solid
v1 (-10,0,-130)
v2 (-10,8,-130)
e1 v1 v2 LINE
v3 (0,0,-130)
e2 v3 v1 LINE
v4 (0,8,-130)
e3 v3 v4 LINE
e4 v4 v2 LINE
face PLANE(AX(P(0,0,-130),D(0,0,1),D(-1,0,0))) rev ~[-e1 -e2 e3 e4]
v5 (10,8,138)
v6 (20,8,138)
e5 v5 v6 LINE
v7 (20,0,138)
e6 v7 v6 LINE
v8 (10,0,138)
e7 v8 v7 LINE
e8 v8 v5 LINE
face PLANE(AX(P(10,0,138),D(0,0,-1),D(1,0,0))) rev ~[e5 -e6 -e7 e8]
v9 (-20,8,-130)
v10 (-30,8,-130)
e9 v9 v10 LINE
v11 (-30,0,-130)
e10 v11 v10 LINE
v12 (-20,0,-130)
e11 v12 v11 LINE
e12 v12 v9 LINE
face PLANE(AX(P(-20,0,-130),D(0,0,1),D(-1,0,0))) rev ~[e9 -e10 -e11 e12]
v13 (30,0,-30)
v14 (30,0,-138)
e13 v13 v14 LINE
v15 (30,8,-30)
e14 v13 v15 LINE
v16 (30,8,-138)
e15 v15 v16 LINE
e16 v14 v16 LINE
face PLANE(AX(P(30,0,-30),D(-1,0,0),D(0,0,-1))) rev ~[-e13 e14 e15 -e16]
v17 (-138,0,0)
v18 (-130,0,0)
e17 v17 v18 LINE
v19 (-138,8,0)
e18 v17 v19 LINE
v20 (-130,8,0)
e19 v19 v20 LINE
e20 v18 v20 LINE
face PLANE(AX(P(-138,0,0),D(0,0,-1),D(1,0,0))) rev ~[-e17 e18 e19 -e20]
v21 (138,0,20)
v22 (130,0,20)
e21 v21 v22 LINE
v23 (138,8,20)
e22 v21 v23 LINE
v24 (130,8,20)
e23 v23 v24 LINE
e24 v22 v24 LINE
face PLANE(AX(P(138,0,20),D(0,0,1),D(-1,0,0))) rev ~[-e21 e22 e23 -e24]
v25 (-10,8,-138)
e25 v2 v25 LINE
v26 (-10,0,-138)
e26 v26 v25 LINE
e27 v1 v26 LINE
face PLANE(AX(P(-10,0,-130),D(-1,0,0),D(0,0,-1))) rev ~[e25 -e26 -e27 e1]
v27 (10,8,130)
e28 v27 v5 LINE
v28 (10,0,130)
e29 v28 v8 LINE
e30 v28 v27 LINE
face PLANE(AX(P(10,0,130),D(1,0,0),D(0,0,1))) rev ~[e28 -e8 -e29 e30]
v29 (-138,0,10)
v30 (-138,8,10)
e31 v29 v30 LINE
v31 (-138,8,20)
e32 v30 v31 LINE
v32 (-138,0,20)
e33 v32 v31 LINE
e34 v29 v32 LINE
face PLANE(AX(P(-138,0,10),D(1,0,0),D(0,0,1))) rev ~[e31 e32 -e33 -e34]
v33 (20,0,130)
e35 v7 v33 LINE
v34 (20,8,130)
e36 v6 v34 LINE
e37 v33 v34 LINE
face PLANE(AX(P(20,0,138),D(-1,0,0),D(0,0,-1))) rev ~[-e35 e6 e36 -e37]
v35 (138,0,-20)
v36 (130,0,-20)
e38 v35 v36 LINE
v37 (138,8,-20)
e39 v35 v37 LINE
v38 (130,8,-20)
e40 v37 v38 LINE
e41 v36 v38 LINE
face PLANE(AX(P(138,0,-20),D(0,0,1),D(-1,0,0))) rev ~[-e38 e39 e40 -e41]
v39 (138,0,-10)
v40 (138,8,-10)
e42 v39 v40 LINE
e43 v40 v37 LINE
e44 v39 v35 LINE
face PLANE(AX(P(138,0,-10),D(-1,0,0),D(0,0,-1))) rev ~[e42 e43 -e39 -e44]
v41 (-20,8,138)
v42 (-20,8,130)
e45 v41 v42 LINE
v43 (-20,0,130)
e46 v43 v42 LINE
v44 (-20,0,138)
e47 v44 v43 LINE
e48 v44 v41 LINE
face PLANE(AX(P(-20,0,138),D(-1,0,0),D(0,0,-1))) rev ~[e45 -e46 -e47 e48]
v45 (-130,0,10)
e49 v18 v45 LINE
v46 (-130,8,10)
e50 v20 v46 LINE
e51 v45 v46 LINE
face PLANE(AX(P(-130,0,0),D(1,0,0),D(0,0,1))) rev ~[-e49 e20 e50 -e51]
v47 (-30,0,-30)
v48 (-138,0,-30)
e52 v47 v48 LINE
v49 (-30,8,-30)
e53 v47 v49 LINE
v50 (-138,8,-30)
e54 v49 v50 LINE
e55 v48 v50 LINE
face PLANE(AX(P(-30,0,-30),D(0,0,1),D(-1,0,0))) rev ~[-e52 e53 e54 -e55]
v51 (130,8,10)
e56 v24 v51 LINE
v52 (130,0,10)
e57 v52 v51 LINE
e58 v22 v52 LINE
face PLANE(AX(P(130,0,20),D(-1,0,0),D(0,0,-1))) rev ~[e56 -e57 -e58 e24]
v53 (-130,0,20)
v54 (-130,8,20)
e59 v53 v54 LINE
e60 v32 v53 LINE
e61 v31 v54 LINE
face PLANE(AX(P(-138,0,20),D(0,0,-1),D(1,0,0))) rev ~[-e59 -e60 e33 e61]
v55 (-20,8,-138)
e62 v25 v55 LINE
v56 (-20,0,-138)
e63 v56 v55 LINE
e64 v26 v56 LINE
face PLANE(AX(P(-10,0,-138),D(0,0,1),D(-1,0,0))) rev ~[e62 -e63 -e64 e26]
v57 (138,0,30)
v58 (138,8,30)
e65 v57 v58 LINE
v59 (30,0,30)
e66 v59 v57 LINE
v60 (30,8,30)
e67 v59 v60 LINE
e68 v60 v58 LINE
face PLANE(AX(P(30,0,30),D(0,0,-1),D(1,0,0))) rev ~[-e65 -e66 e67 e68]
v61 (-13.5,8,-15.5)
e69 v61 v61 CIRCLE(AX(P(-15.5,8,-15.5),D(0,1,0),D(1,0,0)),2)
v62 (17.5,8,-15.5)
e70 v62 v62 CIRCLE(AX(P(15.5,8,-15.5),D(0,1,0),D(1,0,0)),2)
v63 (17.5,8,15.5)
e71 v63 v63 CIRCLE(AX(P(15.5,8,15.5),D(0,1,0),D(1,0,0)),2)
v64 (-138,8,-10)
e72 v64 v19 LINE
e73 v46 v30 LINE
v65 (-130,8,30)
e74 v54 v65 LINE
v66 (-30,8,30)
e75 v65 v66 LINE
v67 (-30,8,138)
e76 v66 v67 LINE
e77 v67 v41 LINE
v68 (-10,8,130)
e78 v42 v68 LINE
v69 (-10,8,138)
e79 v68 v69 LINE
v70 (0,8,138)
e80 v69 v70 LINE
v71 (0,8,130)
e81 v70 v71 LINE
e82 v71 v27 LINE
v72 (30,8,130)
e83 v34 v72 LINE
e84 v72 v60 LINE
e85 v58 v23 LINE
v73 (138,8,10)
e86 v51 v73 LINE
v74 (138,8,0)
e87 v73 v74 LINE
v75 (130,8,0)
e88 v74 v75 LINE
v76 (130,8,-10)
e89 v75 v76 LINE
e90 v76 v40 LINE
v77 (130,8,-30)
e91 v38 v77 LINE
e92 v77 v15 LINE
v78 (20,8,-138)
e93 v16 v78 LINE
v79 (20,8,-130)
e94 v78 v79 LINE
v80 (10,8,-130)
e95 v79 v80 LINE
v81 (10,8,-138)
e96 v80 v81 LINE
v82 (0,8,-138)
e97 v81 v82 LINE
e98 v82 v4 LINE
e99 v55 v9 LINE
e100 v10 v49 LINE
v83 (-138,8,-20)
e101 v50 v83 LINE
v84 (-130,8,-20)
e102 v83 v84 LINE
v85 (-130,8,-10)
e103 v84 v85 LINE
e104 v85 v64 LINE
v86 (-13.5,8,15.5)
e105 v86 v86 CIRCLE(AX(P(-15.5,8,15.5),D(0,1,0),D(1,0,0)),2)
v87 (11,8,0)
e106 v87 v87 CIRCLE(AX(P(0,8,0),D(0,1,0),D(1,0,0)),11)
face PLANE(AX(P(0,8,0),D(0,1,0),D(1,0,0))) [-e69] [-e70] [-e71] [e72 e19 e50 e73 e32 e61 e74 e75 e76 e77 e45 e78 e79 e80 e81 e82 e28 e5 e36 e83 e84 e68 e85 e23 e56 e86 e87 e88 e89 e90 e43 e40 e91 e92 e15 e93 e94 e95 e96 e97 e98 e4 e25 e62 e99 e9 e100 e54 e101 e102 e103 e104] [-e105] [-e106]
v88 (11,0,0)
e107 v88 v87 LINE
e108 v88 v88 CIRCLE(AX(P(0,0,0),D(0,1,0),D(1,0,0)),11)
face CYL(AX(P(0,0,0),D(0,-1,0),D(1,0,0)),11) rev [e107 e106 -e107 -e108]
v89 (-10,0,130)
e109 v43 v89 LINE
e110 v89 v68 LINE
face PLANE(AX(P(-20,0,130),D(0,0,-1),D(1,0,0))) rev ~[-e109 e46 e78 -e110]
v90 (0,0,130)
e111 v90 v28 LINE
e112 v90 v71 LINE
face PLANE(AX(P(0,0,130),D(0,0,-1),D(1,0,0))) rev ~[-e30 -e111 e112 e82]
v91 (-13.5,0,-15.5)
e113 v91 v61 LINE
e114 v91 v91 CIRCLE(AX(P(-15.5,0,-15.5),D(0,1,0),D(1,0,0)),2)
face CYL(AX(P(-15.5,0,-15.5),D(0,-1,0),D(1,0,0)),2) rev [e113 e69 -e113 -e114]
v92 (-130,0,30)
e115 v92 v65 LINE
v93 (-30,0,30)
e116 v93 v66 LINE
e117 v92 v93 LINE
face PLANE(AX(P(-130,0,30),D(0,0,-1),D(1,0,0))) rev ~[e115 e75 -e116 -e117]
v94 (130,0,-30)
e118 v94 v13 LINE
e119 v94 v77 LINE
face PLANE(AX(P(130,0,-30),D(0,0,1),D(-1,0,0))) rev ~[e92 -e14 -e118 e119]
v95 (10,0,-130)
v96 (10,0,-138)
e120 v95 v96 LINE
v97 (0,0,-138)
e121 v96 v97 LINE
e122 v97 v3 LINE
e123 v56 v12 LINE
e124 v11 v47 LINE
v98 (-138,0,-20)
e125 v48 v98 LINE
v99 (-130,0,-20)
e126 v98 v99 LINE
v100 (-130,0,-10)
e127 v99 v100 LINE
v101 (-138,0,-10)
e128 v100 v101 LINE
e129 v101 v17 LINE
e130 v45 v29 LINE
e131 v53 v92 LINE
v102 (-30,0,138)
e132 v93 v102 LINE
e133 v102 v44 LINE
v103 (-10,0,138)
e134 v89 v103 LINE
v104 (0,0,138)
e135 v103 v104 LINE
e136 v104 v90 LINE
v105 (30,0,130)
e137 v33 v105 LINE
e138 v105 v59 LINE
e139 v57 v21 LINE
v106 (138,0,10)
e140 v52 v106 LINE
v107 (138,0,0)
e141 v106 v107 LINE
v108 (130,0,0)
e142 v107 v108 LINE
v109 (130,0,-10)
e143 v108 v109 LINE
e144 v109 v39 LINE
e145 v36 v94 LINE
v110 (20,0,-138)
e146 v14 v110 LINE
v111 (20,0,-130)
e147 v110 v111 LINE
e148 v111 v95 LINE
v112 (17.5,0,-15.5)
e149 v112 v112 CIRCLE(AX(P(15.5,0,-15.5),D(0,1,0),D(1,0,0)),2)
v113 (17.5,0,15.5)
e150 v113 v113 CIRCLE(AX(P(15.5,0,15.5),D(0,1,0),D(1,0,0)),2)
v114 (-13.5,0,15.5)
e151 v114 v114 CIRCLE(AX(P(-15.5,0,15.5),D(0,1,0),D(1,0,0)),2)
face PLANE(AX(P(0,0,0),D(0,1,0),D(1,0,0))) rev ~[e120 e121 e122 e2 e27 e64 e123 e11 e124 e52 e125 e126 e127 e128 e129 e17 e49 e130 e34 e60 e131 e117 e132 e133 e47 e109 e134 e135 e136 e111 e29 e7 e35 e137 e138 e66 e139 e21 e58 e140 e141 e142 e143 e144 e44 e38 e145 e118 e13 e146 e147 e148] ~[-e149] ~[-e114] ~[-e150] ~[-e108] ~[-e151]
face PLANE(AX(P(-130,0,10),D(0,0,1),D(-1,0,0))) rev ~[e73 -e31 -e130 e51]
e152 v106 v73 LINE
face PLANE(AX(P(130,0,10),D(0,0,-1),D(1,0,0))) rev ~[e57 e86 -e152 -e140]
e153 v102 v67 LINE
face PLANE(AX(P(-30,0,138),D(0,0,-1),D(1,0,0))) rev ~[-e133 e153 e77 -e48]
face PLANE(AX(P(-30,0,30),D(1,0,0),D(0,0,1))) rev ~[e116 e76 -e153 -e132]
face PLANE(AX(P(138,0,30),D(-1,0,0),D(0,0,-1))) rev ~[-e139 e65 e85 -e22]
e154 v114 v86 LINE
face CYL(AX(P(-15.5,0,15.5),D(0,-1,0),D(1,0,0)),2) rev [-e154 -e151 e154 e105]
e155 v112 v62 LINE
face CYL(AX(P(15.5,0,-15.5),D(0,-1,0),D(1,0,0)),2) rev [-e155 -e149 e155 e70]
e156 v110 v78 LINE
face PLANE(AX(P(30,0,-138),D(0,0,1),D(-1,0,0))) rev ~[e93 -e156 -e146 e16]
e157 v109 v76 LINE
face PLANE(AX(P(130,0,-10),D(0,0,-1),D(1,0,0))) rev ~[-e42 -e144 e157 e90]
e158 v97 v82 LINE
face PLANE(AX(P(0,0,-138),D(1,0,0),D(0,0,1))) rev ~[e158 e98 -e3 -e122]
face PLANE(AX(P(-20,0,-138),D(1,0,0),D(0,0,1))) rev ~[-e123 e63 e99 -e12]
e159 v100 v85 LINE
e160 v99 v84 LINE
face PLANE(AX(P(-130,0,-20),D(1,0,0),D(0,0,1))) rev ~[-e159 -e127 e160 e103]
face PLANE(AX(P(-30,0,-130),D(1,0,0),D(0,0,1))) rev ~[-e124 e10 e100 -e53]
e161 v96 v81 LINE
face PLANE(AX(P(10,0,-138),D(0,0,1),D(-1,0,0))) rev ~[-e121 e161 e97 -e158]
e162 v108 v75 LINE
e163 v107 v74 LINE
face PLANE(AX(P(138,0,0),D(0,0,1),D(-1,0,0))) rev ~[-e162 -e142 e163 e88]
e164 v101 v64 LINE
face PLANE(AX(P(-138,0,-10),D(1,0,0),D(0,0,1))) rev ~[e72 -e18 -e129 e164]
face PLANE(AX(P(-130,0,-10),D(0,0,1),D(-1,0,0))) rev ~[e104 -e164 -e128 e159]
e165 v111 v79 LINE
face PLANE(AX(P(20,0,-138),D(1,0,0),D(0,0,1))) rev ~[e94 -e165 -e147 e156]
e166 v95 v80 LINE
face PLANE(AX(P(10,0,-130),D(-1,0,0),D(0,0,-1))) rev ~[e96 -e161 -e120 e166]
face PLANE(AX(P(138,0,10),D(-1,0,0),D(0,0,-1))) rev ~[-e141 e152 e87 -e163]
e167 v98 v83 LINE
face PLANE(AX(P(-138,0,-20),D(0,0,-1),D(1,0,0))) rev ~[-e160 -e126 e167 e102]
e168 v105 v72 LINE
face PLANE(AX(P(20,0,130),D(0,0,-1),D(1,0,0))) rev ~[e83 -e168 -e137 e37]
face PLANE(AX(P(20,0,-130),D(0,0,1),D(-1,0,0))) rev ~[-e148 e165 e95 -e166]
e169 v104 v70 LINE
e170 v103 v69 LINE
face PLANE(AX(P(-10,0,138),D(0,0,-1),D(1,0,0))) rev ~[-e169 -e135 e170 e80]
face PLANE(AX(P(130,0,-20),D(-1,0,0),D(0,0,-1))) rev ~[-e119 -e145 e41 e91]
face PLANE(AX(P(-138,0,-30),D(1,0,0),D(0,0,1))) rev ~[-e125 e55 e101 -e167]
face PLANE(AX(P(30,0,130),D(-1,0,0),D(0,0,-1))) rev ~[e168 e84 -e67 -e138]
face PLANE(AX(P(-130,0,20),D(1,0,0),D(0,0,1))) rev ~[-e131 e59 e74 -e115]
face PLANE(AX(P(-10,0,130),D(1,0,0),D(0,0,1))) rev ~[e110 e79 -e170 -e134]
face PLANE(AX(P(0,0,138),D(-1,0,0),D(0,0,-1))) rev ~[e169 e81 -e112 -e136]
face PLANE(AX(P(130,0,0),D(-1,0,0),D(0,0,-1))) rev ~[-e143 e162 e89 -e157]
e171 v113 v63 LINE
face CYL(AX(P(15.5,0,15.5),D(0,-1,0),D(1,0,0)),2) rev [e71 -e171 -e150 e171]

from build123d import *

# Parameters (mm, degrees)
SKETCH_1_R      = 11
SKETCH_1_R_2    = 2
EXTRUDE_1_DEPTH = 8


with BuildPart() as part:
    # 草图1 → 凸台-拉伸1 (new body)
    with BuildSketch(Plane(origin=(0, 0, 0), x_dir=(1, 0, 0), z_dir=(0, 1, 0))):
        Polygon((-130, -30), (-30, -30), (-30, -138), (-20, -138), (-20, -130), (-10, -130), (-10, -138), (0, -138), (0, -130), (10, -130), (10, -138), (20, -138), (20, -130), (30, -130), (30, -30), (138, -30), (138, -20), (130, -20), (130, -10), (138, -10), (138, 0), (130, 0), (130, 10), (138, 10), (138, 20), (130, 20), (130, 30), (30, 30), (30, 138), (20, 138), (20, 130), (10, 130), (10, 138), (0, 138), (0, 130), (-10, 130), (-10, 138), (-20, 138), (-20, 130), (-30, 130), (-30, 30), (-138, 30), (-138, 20), (-130, 20), (-130, 10), (-138, 10), (-138, 0), (-130, 0), (-130, -10), (-138, -10), (-138, -20), (-130, -20), align=None)
        Circle(SKETCH_1_R, mode=Mode.SUBTRACT)
        with Locations((-15.5, 15.5)):
            Circle(SKETCH_1_R_2, mode=Mode.SUBTRACT)
        with Locations((15.5, 15.5)):
            Circle(SKETCH_1_R_2, mode=Mode.SUBTRACT)
        with Locations((-15.5, -15.5)):
            Circle(SKETCH_1_R_2, mode=Mode.SUBTRACT)
        with Locations((15.5, -15.5)):
            Circle(SKETCH_1_R_2, mode=Mode.SUBTRACT)
    extrude(amount=EXTRUDE_1_DEPTH)


solid = part.part
